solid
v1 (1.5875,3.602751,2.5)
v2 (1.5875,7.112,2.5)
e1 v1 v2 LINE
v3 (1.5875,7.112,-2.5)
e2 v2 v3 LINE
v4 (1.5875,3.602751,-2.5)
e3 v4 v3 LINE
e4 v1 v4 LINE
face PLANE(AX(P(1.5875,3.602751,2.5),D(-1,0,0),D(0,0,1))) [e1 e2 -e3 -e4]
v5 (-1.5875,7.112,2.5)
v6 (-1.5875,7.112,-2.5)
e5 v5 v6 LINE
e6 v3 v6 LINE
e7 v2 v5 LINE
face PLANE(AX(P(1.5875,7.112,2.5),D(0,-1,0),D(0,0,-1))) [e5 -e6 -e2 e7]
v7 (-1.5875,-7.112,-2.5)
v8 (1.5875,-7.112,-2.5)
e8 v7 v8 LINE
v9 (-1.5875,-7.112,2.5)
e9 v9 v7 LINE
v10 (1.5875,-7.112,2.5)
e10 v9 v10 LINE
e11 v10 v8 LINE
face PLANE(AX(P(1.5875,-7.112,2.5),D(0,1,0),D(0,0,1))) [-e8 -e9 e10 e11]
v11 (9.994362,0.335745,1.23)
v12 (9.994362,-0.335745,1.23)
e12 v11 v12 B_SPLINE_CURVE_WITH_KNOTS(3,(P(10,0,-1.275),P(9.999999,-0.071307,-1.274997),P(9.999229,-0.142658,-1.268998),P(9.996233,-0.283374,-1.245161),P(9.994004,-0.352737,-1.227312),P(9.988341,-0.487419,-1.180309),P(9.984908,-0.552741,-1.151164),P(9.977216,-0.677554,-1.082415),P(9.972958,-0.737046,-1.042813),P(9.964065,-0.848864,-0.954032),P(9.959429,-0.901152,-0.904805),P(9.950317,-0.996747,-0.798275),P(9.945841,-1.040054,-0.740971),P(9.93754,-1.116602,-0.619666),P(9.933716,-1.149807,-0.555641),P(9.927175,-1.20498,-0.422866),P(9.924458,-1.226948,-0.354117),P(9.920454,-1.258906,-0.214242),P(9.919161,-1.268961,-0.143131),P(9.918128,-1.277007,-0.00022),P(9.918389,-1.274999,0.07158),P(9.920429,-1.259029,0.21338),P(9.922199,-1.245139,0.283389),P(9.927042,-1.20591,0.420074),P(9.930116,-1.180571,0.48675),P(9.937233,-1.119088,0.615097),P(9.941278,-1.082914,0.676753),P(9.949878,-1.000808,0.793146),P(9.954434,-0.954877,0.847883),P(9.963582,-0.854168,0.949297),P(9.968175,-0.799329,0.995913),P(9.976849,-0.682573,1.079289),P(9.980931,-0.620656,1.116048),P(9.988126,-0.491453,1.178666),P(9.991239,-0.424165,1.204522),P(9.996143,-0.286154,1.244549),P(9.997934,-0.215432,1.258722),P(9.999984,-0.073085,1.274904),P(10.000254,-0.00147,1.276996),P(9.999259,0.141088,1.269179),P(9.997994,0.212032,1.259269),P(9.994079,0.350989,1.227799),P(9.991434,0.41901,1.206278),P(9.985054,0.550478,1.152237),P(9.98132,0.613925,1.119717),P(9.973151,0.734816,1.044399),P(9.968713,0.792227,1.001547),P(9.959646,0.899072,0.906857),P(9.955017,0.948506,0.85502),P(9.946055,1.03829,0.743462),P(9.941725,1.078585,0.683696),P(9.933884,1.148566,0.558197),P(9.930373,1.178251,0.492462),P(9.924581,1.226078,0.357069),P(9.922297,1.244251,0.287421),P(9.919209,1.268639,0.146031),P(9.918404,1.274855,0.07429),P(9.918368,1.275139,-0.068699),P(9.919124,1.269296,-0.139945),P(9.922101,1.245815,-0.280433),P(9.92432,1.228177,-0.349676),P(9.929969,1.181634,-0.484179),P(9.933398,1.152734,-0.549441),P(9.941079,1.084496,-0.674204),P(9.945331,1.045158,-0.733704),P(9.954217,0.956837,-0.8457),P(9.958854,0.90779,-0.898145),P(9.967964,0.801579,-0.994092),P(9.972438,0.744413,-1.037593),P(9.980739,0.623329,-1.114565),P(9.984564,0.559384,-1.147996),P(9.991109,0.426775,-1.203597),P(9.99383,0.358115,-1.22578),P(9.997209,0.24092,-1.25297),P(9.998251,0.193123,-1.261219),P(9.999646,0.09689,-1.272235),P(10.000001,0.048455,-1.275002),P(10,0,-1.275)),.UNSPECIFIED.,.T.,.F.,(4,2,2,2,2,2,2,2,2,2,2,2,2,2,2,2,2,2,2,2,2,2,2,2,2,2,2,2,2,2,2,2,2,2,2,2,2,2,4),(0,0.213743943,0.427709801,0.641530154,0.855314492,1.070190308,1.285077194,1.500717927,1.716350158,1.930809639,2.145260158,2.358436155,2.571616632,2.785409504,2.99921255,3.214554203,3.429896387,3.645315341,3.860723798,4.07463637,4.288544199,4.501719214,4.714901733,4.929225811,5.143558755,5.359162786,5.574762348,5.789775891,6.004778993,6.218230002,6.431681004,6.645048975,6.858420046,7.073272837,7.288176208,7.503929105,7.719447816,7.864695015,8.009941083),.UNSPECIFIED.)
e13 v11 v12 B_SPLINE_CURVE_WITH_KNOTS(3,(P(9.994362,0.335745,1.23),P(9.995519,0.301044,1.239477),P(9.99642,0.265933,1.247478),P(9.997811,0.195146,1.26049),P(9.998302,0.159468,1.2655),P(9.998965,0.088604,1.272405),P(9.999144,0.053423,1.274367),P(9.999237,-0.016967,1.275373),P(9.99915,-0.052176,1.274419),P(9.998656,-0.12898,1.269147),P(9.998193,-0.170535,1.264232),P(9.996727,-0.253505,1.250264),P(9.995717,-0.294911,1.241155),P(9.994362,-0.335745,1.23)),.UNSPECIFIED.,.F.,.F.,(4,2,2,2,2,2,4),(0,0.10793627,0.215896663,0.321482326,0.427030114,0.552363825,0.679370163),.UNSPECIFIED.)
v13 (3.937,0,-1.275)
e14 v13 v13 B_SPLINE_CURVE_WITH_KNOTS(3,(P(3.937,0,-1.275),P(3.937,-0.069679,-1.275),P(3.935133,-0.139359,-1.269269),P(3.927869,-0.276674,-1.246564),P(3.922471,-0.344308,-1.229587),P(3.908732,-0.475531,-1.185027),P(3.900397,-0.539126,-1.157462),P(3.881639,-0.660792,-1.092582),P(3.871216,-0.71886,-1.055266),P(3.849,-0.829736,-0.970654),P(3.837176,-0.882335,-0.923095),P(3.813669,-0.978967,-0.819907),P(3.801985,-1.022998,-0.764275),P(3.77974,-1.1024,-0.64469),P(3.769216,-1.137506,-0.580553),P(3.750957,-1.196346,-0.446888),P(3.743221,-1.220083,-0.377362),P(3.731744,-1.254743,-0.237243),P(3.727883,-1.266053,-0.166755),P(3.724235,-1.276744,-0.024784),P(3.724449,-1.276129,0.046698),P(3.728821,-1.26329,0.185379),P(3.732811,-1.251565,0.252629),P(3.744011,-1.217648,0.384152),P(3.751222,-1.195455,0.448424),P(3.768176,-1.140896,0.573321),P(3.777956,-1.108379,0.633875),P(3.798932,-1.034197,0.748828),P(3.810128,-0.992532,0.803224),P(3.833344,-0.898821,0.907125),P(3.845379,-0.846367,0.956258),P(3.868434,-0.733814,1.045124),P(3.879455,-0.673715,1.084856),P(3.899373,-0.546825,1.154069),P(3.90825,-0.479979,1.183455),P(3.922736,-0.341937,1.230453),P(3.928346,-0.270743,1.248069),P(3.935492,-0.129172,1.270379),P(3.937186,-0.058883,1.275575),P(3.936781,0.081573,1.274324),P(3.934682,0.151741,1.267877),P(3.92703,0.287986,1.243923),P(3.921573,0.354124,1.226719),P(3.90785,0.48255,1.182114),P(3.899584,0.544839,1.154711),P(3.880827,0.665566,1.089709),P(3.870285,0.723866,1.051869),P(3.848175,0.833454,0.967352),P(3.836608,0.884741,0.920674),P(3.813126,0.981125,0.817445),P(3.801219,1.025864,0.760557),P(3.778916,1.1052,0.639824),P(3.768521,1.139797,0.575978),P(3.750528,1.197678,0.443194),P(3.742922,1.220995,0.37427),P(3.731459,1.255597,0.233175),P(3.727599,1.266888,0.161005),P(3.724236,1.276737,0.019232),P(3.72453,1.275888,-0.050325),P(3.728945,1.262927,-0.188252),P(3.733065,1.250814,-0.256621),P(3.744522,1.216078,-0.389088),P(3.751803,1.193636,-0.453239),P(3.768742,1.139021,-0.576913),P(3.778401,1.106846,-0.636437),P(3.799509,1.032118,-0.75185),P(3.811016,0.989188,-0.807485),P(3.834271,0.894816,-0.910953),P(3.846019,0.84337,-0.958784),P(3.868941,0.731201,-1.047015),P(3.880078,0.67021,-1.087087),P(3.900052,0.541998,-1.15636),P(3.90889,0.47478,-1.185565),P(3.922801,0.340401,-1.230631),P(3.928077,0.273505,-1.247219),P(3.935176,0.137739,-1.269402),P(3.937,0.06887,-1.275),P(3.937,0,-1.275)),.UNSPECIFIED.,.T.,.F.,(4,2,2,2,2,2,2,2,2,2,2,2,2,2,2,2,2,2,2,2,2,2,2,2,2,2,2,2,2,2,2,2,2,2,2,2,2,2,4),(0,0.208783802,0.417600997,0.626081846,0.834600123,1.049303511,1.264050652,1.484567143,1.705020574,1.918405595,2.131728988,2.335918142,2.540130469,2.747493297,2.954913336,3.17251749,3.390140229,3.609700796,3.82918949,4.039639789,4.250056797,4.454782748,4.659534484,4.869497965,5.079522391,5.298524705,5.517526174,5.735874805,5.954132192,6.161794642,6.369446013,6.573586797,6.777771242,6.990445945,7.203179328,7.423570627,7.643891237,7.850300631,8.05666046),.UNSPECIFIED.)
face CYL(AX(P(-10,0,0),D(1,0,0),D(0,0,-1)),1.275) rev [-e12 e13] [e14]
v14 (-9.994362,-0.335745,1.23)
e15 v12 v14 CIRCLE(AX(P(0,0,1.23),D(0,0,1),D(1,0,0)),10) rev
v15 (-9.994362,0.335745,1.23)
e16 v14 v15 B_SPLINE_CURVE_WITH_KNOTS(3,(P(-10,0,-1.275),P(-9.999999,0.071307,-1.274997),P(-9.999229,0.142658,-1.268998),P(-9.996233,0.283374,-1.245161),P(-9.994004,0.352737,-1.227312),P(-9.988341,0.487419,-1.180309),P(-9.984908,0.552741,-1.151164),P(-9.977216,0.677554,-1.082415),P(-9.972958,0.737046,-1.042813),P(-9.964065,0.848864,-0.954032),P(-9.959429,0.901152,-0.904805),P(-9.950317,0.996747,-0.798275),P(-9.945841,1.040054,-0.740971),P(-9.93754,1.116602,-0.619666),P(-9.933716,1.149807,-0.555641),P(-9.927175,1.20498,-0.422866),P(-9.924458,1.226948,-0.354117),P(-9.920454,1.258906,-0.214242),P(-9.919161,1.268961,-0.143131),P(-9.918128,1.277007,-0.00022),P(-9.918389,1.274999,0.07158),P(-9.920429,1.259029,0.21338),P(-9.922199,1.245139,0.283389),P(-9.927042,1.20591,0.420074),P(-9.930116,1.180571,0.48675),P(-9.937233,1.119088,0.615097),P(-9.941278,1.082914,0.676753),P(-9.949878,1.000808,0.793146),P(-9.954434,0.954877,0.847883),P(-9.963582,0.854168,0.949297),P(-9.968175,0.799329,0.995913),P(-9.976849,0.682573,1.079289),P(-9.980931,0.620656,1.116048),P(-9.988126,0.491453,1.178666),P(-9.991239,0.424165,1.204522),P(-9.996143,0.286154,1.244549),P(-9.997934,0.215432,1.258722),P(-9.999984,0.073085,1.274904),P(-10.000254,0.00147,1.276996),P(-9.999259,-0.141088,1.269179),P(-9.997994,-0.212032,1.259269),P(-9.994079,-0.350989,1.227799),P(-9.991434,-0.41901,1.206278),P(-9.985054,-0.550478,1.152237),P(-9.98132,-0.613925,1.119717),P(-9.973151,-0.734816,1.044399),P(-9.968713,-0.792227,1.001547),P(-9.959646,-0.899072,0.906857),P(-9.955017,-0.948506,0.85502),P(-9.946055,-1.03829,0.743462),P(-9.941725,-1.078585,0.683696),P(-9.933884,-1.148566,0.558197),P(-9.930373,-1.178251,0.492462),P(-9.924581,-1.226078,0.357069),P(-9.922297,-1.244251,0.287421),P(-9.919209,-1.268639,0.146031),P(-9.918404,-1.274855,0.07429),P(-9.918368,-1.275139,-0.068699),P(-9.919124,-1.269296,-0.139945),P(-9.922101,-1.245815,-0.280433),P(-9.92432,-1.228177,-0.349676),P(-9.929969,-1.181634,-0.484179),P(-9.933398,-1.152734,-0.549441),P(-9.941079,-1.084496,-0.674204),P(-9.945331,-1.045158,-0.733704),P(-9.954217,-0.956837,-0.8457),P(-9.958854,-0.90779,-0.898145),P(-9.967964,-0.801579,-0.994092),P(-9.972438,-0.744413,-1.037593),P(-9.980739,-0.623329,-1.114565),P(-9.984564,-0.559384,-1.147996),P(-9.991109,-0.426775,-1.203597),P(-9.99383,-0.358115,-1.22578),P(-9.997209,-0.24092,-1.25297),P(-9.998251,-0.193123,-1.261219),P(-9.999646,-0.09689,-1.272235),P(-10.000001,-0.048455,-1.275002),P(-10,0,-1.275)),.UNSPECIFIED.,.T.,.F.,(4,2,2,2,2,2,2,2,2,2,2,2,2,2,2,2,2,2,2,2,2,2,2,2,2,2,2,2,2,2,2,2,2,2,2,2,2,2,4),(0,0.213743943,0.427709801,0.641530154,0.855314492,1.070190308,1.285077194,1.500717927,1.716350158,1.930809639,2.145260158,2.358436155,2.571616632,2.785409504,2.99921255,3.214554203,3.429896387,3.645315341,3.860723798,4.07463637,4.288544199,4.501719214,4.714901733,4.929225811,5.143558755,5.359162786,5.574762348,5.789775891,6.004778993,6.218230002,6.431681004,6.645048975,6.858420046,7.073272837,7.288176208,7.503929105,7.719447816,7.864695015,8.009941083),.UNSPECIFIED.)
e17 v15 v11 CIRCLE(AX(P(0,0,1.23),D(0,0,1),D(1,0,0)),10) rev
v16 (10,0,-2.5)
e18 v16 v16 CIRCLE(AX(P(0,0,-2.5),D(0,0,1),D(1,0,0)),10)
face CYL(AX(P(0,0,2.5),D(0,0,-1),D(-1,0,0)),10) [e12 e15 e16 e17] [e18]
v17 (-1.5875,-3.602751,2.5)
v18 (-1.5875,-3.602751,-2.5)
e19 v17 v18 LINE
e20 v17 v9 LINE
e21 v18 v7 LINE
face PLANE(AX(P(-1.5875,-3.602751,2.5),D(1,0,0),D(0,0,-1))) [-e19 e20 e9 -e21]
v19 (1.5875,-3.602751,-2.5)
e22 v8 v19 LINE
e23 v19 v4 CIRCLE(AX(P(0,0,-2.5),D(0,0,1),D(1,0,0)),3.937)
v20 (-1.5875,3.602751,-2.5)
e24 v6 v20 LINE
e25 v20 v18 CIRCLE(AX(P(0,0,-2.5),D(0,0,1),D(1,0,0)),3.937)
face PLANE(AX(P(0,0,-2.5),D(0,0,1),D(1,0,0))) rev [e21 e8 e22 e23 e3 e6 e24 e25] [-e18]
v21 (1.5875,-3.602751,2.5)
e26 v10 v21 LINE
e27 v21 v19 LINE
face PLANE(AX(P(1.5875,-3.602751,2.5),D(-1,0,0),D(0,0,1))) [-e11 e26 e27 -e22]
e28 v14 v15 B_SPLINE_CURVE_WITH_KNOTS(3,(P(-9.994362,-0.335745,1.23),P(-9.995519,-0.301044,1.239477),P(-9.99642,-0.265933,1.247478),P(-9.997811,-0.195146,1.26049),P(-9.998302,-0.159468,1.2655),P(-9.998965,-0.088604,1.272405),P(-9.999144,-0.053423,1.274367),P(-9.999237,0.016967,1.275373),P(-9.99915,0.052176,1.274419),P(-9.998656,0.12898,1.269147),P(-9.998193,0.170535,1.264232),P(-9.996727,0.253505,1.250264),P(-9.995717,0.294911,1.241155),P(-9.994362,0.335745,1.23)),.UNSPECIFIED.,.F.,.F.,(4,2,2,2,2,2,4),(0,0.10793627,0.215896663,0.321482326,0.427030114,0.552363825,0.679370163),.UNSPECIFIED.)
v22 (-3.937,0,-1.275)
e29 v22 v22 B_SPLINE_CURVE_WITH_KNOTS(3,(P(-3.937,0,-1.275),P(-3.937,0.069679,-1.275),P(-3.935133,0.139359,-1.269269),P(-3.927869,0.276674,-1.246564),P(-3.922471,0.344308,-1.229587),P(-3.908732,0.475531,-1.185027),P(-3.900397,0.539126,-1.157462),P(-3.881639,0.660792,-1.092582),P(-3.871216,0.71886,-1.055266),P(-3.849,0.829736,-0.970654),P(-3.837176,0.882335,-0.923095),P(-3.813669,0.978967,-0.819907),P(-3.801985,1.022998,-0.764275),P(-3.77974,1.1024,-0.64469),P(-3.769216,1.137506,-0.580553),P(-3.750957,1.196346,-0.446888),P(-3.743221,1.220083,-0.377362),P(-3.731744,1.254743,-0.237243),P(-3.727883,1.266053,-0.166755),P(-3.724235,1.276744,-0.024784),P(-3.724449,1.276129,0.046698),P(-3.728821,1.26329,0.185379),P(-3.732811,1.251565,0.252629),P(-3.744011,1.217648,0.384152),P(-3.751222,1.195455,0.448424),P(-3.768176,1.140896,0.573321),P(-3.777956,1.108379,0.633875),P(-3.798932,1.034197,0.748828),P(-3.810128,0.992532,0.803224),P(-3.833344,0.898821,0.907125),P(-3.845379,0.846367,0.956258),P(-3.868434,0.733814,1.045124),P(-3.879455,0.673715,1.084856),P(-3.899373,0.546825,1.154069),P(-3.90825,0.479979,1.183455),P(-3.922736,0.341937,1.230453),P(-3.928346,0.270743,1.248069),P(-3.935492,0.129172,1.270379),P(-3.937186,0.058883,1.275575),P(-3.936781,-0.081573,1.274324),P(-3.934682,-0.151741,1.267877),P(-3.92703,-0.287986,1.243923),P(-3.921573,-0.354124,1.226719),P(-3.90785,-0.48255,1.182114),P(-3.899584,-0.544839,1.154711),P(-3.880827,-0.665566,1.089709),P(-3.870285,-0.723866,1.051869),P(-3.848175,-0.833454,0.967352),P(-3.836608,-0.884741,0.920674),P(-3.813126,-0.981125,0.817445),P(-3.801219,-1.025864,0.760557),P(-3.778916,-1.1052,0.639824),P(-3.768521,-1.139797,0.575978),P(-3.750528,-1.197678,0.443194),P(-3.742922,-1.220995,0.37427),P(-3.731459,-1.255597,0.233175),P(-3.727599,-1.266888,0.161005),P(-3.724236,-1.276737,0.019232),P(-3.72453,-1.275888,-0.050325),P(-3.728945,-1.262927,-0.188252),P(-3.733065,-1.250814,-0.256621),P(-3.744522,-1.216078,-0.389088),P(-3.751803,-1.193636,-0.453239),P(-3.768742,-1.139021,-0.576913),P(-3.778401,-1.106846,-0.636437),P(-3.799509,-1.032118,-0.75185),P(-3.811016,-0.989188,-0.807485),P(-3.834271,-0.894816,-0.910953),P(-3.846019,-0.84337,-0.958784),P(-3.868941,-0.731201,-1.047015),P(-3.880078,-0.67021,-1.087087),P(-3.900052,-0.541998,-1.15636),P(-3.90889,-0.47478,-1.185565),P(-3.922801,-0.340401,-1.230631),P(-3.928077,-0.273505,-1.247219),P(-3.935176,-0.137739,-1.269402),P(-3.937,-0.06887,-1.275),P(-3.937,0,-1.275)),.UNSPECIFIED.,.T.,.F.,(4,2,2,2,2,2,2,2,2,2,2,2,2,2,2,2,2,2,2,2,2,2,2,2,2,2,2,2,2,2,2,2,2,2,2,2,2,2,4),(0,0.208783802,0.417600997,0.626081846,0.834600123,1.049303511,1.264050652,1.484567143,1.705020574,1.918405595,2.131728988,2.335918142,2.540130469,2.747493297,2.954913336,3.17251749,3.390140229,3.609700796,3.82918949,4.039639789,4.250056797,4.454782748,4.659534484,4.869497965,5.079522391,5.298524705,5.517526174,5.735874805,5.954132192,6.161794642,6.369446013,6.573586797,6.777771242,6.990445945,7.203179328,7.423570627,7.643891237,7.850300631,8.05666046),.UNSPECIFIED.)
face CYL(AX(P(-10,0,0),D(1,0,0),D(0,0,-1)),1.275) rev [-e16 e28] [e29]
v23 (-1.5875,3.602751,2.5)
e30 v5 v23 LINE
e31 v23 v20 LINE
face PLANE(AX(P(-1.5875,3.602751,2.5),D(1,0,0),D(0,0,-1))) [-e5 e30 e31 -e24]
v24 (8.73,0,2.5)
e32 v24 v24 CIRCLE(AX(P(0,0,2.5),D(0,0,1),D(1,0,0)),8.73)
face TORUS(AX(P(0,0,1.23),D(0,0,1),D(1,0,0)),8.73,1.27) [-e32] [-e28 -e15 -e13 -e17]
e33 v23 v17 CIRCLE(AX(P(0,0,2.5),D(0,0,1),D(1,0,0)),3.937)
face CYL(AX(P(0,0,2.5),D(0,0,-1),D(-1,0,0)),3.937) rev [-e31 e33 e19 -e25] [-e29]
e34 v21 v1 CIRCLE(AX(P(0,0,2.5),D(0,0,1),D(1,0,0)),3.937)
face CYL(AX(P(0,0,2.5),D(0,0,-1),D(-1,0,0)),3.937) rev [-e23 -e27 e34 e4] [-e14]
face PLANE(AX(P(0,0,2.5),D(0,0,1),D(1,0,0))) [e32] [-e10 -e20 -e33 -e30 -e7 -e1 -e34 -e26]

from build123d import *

# Parameters (mm, degrees)
SKETCH1_R               = 10
BOSS_EXTRUDE1_DEPTH     = 2.5
SKETCH4_R               = 1.275
CUT_EXTRUDE1_DEPTH      = 11
CUT_EXTRUDE1_DEPTH_BACK = 11
FILLET1_R               = 1.27


with BuildPart() as part:
    # Sketch1 → Boss-Extrude1 (new body, symmetric)
    with BuildSketch(Plane.XY):
        Circle(SKETCH1_R)
        with BuildLine():
            Line((1.5875, 3.60275072), (1.5875, 7.112))
            Line((1.5875, 7.112), (-1.5875, 7.112))
            Line((-1.5875, 7.112), (-1.5875, 3.60275072))
            ThreePointArc((-1.5875, 3.60275072), (-3.937, 0), (-1.5875, -3.60275072))
            Line((-1.5875, -3.60275072), (-1.5875, -7.112))
            Line((-1.5875, -7.112), (1.5875, -7.112))
            Line((1.5875, -7.112), (1.5875, -3.60275072))
            ThreePointArc((1.5875, -3.60275072), (3.937, 0), (1.5875, 3.60275072))
        make_face(mode=Mode.SUBTRACT)
    extrude(amount=BOSS_EXTRUDE1_DEPTH, both=True)

    # Sketch4 → Cut-Extrude1 (cut, two sides)
    with BuildSketch(Plane(origin=(0, 0, 0), x_dir=(0, 0, -1), z_dir=(1, 0, 0))) as cut_extrude1_sk:
        Circle(SKETCH4_R)
    extrude(amount=CUT_EXTRUDE1_DEPTH, mode=Mode.SUBTRACT)
    extrude(cut_extrude1_sk.sketch, amount=-CUT_EXTRUDE1_DEPTH_BACK, mode=Mode.SUBTRACT)

    # Fillet1
    fillet1_edges = [part.edges().sort_by_distance(p)[0] for p in [
        (-10, 0, 2.5),
    ]]
    fillet(fillet1_edges, radius=FILLET1_R)


solid = part.part
